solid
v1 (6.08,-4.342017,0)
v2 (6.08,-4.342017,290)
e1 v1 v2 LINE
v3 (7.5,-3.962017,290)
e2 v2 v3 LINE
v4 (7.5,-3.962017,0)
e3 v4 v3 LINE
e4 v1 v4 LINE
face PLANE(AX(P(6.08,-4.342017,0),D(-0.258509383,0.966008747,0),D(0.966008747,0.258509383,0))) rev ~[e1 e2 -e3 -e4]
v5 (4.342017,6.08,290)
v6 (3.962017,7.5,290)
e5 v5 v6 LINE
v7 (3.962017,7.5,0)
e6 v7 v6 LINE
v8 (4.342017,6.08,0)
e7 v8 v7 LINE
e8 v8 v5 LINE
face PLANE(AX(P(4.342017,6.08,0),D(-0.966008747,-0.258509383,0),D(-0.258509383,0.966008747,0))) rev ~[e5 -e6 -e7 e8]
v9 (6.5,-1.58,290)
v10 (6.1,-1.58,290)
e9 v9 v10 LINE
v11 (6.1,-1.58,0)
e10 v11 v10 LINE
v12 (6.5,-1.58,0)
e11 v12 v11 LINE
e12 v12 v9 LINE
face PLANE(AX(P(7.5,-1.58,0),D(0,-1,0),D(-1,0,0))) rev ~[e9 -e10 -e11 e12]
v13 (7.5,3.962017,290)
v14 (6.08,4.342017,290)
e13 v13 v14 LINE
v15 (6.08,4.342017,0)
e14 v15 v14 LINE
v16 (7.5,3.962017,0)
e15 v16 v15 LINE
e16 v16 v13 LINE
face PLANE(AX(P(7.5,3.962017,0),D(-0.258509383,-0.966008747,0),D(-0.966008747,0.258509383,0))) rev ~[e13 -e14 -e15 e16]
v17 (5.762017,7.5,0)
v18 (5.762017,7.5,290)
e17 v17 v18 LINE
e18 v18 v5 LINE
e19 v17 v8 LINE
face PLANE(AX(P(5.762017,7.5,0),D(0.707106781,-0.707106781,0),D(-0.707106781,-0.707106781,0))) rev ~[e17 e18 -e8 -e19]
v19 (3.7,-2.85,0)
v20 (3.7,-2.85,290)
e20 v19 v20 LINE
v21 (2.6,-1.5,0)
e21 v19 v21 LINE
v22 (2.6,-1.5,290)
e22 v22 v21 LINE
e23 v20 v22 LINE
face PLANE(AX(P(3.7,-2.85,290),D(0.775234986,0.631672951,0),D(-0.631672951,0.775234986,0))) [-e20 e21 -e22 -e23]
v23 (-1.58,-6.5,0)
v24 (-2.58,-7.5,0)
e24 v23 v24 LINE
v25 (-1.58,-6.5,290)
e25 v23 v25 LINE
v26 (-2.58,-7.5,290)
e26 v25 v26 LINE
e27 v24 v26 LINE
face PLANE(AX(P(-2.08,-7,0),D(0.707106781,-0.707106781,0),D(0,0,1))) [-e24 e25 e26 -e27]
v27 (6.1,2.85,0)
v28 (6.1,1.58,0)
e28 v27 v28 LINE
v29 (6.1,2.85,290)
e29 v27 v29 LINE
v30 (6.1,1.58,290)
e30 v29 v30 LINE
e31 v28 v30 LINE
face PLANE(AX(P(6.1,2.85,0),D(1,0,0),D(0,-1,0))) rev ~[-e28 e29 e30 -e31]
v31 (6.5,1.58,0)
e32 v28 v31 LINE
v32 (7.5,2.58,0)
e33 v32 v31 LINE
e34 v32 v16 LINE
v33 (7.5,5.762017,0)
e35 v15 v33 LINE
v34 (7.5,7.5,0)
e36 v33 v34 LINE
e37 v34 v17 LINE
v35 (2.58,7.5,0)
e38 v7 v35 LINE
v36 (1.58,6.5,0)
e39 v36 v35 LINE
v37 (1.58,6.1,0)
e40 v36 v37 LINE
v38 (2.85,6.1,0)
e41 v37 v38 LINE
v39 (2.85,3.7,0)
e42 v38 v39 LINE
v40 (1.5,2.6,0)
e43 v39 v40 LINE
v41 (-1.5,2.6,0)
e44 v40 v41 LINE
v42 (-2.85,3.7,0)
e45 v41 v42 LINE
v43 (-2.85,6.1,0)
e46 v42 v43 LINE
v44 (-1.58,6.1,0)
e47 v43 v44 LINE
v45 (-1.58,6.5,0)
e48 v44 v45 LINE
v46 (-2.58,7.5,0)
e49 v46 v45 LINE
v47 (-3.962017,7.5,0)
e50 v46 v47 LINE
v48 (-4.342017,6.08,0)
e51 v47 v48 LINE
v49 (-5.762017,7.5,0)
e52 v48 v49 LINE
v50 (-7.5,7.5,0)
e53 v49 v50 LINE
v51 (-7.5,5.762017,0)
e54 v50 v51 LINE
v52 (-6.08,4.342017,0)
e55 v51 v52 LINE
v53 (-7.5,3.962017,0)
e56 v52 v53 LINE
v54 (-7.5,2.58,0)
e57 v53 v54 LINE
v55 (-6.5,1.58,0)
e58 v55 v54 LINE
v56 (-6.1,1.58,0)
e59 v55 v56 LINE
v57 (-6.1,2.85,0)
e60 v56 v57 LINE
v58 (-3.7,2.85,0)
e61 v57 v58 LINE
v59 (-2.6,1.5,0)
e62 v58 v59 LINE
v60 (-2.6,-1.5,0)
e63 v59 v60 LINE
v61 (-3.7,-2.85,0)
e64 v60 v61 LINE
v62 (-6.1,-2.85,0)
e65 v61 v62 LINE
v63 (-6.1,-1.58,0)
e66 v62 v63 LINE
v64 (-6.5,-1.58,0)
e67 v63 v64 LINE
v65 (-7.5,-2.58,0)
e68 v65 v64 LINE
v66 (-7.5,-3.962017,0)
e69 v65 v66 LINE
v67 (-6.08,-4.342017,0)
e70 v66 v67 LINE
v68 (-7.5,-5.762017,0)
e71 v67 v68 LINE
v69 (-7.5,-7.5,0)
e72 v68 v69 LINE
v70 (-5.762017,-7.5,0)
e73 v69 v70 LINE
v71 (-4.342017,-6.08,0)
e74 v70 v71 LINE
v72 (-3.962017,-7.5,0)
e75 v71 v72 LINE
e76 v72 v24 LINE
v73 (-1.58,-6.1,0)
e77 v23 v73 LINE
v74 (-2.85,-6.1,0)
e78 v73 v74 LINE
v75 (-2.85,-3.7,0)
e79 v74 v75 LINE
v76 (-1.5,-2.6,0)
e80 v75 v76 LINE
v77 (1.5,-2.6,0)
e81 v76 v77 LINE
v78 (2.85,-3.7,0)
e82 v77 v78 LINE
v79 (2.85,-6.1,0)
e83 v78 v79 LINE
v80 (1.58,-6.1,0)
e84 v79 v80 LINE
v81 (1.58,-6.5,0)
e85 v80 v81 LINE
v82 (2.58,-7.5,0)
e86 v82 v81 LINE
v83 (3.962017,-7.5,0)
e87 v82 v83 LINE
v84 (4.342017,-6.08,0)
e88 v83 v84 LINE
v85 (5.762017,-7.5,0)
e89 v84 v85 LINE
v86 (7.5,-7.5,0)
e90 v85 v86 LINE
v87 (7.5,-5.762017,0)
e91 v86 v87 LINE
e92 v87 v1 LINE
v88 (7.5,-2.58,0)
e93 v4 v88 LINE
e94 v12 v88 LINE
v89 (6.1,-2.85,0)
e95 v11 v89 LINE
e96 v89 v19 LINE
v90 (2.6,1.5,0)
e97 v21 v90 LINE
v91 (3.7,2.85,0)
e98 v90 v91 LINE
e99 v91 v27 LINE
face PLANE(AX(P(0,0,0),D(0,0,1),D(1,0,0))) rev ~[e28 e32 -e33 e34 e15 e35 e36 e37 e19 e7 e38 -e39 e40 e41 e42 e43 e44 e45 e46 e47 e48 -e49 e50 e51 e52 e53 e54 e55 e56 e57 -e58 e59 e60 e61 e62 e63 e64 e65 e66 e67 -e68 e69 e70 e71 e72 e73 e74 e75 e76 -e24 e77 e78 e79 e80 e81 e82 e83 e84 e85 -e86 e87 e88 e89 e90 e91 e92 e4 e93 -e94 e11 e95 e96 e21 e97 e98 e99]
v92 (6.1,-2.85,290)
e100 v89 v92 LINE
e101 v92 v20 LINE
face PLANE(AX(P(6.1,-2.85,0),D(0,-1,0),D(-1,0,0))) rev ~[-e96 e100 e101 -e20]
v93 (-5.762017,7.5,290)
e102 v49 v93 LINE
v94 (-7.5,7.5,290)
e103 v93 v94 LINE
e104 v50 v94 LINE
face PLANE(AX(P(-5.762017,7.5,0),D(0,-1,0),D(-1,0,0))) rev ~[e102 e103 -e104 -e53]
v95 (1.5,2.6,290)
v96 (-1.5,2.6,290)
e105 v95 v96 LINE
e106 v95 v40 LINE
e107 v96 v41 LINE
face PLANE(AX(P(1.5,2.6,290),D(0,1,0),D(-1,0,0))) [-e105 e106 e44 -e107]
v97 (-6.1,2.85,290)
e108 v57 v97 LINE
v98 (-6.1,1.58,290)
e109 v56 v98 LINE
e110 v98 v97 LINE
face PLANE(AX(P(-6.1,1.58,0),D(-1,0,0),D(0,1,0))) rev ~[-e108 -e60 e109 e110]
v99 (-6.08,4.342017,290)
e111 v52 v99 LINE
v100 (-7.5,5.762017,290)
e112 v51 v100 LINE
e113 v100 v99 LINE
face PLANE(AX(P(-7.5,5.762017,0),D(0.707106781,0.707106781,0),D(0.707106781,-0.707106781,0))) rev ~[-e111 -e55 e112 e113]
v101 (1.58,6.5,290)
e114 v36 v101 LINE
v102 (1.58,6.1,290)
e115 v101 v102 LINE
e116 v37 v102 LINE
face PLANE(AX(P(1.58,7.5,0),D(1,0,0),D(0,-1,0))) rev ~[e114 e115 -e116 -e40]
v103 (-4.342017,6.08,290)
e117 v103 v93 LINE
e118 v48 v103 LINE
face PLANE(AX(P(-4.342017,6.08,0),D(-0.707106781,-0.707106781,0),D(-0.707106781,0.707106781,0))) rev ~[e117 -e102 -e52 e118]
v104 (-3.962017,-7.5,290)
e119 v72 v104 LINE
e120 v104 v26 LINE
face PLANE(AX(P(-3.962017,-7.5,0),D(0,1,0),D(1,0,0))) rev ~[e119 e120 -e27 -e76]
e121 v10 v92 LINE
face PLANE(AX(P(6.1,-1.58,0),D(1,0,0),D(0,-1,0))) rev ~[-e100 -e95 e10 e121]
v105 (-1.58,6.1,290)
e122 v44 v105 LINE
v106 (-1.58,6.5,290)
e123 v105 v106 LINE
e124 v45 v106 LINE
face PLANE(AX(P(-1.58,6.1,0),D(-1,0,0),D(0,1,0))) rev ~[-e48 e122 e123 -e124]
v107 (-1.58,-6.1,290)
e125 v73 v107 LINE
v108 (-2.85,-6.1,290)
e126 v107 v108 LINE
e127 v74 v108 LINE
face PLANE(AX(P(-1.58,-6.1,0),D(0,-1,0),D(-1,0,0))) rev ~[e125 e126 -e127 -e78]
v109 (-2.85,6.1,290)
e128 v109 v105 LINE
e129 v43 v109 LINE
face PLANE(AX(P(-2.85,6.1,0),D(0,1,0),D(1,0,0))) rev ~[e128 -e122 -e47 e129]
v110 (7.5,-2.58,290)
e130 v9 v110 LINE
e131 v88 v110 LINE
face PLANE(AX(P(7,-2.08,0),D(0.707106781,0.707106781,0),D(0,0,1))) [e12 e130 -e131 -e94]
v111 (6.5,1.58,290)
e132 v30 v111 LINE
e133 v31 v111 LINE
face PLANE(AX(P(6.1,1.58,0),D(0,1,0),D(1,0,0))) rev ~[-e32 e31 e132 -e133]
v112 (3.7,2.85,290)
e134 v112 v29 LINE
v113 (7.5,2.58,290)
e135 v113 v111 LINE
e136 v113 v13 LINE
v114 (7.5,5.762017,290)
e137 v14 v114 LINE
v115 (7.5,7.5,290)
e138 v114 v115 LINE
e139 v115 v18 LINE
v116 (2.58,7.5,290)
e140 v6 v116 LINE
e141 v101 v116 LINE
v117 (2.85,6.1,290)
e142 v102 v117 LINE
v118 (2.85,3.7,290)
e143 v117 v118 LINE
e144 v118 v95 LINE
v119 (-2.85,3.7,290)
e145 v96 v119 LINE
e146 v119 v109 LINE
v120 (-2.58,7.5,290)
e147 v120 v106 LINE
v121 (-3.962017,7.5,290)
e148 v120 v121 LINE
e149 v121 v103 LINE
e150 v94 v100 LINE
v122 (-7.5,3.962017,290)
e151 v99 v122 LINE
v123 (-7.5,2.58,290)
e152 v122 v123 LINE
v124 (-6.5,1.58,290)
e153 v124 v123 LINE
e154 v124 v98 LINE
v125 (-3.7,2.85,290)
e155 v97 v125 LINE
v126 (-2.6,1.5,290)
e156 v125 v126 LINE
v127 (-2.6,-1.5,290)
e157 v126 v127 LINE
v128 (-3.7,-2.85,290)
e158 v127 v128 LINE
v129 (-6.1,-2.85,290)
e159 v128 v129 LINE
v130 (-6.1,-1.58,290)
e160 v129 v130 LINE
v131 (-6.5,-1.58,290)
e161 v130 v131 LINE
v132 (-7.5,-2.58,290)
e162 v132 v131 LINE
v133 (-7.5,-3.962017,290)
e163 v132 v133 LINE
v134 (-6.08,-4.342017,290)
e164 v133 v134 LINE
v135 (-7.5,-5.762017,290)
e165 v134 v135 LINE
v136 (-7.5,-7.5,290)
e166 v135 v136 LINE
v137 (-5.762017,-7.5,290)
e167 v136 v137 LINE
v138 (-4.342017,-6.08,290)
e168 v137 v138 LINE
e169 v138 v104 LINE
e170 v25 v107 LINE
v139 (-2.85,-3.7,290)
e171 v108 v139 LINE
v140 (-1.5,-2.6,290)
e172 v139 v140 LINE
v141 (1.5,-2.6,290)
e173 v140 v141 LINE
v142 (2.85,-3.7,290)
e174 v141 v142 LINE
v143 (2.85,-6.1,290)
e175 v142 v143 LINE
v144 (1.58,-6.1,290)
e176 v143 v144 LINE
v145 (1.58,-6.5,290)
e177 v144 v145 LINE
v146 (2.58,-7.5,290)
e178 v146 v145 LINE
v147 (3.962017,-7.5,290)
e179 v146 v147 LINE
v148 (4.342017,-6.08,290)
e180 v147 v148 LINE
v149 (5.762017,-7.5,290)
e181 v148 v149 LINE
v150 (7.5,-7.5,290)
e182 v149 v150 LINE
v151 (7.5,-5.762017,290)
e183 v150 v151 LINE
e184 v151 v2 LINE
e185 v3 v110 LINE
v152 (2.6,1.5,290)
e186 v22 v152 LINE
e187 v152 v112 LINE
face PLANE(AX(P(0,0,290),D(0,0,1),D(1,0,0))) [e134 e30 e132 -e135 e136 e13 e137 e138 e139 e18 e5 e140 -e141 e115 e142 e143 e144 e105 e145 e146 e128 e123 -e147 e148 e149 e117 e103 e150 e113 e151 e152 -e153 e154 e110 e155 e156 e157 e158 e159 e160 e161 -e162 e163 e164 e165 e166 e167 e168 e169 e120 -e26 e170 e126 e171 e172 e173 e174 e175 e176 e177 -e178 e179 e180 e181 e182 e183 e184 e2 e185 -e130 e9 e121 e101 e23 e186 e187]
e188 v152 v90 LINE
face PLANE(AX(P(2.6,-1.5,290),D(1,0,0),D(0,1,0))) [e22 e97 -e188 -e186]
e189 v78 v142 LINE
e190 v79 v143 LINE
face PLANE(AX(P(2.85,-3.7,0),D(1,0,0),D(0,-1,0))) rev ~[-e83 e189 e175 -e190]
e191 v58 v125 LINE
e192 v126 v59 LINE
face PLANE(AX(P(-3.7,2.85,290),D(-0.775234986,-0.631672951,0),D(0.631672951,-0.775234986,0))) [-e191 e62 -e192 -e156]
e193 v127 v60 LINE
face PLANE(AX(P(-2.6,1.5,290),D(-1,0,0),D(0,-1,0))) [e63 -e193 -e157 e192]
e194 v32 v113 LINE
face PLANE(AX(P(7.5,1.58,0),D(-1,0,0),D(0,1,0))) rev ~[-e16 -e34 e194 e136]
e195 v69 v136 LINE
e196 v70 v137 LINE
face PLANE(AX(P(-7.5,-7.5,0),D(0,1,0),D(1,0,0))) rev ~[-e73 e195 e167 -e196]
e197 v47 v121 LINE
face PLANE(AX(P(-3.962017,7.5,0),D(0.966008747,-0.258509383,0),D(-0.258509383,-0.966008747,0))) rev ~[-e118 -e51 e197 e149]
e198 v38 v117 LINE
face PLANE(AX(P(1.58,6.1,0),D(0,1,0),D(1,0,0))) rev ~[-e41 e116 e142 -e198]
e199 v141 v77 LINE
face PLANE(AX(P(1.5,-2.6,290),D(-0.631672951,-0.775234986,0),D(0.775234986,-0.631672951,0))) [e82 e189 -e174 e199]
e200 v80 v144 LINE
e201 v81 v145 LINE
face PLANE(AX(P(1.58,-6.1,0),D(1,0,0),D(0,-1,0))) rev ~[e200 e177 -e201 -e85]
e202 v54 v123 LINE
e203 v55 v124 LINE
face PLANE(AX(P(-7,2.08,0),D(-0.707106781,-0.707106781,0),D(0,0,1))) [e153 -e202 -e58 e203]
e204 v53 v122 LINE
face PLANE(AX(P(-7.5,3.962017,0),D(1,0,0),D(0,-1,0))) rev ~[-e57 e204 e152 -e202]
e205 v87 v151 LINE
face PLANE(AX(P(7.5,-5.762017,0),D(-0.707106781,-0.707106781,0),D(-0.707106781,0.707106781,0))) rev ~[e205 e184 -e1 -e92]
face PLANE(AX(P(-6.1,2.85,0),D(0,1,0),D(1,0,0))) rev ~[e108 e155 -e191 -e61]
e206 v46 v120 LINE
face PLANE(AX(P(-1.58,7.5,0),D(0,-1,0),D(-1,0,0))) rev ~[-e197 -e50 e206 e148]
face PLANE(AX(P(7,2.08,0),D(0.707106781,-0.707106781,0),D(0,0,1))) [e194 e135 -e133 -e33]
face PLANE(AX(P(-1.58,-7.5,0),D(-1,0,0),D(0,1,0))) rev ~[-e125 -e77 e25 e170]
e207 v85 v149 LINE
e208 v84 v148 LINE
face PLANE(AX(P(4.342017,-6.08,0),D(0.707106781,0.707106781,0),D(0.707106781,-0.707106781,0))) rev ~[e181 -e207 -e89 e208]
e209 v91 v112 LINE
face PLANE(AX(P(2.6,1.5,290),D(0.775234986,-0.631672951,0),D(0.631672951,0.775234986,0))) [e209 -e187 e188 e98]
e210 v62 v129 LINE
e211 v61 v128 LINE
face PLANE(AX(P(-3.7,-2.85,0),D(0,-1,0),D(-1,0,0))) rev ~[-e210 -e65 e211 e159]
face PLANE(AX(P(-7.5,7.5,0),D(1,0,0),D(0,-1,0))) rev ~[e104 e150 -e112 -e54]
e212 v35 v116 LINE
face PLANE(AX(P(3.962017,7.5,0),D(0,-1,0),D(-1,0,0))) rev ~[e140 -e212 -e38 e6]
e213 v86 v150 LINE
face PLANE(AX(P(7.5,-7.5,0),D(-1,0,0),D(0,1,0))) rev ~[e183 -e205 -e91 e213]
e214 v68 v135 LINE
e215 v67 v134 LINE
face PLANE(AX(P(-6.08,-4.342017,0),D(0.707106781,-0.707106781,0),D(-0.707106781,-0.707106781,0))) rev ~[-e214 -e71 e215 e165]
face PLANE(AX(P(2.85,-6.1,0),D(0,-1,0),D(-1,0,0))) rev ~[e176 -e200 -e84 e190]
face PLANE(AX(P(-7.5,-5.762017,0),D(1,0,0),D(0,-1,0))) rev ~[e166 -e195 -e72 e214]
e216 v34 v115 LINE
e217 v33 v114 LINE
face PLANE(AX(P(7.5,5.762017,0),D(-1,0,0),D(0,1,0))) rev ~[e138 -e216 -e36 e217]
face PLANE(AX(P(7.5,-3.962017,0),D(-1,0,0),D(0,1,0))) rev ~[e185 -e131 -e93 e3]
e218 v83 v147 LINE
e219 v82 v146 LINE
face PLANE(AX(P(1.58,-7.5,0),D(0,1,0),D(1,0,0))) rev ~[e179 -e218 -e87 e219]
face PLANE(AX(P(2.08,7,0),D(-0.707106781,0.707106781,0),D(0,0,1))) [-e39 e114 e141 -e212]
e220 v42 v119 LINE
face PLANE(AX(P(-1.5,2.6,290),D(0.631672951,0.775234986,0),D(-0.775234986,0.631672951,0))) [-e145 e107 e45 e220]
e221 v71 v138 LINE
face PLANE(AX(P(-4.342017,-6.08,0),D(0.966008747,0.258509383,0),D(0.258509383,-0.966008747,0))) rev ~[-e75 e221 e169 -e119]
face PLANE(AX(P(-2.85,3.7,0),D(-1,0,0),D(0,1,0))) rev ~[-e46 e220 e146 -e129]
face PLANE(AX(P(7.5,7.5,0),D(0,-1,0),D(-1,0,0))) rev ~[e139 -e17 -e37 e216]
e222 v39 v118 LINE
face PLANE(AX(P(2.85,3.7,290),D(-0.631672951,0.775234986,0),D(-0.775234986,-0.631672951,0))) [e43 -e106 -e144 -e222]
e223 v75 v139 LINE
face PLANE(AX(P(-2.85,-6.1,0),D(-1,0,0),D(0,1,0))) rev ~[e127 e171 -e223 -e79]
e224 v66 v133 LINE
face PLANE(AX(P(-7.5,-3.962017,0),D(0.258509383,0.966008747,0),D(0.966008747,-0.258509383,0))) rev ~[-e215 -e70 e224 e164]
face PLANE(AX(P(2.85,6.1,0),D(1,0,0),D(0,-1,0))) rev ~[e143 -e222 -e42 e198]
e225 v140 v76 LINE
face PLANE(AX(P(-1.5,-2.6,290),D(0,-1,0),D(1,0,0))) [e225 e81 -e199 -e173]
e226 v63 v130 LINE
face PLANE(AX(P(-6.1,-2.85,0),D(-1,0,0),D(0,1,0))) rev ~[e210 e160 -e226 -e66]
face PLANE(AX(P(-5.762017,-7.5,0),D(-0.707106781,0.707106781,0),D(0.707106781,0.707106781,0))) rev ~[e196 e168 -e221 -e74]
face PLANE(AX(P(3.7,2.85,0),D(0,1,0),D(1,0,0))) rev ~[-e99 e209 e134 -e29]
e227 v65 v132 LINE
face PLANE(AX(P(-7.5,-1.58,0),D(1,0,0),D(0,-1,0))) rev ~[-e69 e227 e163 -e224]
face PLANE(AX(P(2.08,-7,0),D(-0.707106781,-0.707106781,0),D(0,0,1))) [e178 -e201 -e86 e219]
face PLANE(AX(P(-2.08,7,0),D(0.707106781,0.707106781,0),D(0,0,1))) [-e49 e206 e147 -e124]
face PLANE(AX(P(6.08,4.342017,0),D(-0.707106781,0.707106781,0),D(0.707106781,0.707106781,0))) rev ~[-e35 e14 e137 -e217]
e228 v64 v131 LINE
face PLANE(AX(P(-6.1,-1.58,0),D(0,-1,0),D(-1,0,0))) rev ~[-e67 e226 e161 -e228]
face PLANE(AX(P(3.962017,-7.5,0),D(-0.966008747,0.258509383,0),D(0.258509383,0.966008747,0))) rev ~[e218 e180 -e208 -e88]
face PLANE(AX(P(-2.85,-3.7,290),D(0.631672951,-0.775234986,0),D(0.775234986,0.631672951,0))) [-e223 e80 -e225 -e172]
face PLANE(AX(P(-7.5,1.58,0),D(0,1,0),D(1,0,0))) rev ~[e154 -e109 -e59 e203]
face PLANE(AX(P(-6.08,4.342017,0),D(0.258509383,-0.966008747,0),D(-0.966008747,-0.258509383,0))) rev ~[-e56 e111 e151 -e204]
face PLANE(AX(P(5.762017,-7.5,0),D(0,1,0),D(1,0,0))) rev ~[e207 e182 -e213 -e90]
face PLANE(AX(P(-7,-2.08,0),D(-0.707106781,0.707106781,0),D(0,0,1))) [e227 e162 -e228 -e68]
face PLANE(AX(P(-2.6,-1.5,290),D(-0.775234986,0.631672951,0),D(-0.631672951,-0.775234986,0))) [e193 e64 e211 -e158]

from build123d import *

# Parameters (mm, degrees)
EXTRUDE_1_DEPTH     = 290
CUT_EXTRUDE_1_DEPTH = 291.193900694
CHAMFER_1_SIZE      = 1


with BuildPart() as part:
    # Эскиз1 → Бобышка-Вытянуть1 (new body)
    with BuildSketch(Plane.XY):
        Polygon((1.58, 7.5), (1.58, 6.1), (2.85, 6.1), (2.85, 3.7), (-2.85, 3.7), (-2.85, 6.1), (-1.58, 6.1), (-1.58, 7.5), (-3.962017091, 7.5), (-4.342017091, 6.08), (-5.762017091, 7.5), (-7.5, 7.5), (-7.5, 5.762017091), (-6.08, 4.342017091), (-7.5, 3.962017091), (-7.5, 1.58), (-6.1, 1.58), (-6.1, 2.85), (-3.7, 2.85), (-3.7, -2.85), (-6.1, -2.85), (-6.1, -1.58), (-7.5, -1.58), (-7.5, -3.962017091), (-6.08, -4.342017091), (-7.5, -5.762017091), (-7.5, -7.5), (-5.762017091, -7.5), (-4.342017091, -6.08), (-3.962017091, -7.5), (-1.58, -7.5), (-1.58, -6.1), (-2.85, -6.1), (-2.85, -3.7), (2.85, -3.7), (2.85, -6.1), (1.58, -6.1), (1.58, -7.5), (3.962017091, -7.5), (4.342017091, -6.08), (5.762017091, -7.5), (7.5, -7.5), (7.5, -5.762017091), (6.08, -4.342017091), (7.5, -3.962017091), (7.5, -1.58), (6.1, -1.58), (6.1, -2.85), (3.7, -2.85), (3.7, 2.85), (6.1, 2.85), (6.1, 1.58), (7.5, 1.58), (7.5, 3.962017091), (6.08, 4.342017091), (7.5, 5.762017091), (7.5, 7.5), (5.762017091, 7.5), (4.342017091, 6.08), (3.962017091, 7.5), align=None)
    extrude(amount=EXTRUDE_1_DEPTH)

    # Эскиз2 → Вырез-Вытянуть1 (cut, through all)
    with BuildSketch(Plane.XY.offset(290)):
        Polygon((-3.7, 2.85), (-2.6, 1.5), (-2.6, -1.5), (-3.7, -2.85), align=None)
        Polygon((2.85, 3.7), (1.5, 2.6), (-1.5, 2.6), (-2.85, 3.7), align=None)
        Polygon((3.7, -2.85), (2.6, -1.5), (2.6, 1.5), (3.7, 2.85), align=None)
        Polygon((-2.85, -3.7), (-1.5, -2.6), (1.5, -2.6), (2.85, -3.7), align=None)
    extrude(amount=-CUT_EXTRUDE_1_DEPTH, mode=Mode.SUBTRACT)

    # Фаска1
    chamfer_1_edges = [part.edges().sort_by_distance(p)[0] for p in [
        (-7.5, -1.58, 145),
        (-7.5, 1.58, 145),
        (-1.58, 7.5, 145),
        (1.58, 7.5, 145),
        (7.5, 1.58, 145),
        (7.5, -1.58, 145),
        (1.58, -7.5, 145),
        (-1.58, -7.5, 145),
    ]]
    chamfer(chamfer_1_edges, length=CHAMFER_1_SIZE)


solid = part.part
